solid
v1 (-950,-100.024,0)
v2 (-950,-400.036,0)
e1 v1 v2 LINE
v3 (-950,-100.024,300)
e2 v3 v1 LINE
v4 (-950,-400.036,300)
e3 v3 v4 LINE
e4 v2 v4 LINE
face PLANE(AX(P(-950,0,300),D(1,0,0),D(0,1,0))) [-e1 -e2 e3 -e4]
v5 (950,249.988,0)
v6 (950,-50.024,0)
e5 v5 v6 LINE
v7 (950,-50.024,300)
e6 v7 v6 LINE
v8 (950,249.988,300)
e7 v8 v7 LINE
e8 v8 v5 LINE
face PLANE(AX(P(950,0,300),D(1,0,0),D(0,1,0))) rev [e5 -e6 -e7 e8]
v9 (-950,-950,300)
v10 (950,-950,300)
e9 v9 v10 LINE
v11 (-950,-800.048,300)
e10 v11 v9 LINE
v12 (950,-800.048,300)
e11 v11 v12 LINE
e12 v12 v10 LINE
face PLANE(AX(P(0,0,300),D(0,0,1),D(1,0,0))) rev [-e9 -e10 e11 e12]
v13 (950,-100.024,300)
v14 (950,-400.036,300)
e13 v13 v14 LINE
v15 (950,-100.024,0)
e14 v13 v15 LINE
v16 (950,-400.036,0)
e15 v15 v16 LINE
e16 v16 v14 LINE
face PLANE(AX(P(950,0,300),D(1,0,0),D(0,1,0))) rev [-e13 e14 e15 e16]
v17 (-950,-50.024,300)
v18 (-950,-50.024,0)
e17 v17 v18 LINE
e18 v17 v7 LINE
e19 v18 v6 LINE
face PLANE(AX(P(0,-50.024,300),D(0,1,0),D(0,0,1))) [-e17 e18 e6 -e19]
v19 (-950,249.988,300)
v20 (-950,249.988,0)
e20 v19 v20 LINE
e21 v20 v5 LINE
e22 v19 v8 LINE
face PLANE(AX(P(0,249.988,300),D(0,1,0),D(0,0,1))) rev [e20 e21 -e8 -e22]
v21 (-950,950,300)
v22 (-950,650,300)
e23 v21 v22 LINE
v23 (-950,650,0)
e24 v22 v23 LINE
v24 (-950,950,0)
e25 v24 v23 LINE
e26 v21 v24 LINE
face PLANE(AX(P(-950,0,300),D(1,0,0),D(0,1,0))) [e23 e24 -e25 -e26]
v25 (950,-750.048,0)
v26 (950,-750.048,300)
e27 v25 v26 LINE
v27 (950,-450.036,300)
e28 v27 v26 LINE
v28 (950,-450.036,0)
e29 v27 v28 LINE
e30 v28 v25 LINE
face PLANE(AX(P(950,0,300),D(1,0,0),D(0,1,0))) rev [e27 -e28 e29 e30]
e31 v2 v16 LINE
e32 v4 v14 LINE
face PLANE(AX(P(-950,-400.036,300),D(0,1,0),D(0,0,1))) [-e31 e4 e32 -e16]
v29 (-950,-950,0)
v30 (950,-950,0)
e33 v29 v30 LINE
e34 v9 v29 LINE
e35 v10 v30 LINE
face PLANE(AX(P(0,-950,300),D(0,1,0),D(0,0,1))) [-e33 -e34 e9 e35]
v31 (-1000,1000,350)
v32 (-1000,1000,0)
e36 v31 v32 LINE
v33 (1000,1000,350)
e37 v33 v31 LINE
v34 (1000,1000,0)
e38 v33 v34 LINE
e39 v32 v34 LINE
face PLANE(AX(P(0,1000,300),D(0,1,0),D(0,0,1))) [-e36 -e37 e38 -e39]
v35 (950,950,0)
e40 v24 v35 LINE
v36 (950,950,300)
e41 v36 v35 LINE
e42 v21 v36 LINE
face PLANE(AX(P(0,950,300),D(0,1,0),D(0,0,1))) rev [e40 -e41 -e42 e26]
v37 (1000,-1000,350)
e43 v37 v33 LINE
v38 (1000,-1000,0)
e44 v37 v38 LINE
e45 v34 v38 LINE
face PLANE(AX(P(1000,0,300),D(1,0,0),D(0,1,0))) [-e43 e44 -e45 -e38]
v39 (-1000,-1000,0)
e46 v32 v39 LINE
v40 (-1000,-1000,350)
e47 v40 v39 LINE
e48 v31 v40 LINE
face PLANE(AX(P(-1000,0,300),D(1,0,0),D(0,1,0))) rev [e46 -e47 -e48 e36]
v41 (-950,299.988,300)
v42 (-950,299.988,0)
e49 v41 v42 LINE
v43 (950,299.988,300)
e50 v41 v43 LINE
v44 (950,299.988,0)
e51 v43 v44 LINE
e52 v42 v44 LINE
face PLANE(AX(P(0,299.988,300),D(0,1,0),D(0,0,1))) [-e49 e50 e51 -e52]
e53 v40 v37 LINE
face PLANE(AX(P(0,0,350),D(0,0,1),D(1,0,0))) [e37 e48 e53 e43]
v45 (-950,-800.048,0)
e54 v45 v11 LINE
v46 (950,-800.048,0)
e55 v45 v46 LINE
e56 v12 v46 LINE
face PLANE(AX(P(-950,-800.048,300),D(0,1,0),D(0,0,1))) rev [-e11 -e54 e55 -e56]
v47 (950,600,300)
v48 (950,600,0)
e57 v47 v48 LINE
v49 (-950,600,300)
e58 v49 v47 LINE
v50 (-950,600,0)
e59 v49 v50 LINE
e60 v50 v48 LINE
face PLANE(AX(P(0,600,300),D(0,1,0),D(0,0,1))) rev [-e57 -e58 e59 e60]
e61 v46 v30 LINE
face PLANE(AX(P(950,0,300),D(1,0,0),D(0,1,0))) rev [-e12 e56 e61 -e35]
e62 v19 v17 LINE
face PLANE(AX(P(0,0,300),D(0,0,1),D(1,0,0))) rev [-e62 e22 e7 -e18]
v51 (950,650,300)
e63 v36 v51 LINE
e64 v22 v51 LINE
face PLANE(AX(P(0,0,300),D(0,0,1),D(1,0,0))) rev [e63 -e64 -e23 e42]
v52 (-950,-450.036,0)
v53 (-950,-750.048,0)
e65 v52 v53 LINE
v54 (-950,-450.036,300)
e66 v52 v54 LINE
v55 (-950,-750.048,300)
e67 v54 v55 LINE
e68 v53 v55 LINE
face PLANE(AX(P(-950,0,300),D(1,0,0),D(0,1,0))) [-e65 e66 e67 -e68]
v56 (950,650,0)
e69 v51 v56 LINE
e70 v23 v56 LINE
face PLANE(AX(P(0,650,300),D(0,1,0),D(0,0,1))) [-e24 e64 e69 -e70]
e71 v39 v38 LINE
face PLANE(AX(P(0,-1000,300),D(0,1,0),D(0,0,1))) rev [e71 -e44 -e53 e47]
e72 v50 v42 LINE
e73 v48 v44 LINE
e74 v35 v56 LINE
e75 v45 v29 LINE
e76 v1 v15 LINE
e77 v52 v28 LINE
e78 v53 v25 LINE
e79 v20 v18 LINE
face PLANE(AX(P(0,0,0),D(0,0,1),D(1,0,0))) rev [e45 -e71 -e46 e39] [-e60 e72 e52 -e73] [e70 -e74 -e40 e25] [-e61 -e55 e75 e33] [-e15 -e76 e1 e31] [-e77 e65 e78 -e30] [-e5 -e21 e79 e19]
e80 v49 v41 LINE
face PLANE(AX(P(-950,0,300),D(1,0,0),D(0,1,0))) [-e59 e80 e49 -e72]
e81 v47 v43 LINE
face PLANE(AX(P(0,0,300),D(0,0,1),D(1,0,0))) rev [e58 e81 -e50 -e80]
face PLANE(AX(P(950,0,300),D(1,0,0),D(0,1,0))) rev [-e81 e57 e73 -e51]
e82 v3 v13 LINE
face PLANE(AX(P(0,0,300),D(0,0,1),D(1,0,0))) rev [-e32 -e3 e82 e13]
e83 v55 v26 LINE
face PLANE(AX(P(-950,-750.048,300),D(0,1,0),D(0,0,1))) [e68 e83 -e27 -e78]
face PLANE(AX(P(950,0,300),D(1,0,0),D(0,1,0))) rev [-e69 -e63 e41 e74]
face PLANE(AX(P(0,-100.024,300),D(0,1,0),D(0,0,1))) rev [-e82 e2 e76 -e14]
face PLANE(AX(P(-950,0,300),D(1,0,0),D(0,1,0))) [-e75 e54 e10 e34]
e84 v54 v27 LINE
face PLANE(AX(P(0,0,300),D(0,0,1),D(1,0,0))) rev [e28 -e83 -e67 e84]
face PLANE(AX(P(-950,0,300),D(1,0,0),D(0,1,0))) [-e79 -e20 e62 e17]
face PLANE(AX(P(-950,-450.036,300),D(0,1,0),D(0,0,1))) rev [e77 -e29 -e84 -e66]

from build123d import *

# Parameters (mm, degrees)
SKETCH1_W           = 2000
SKETCH1_H           = 2000
SKETCH1_W_2         = 1900
SKETCH1_H_2         = 1900
SKETCH1_H_3         = 50
BOSS_EXTRUDE1_DEPTH = 300
SKETCH2_W           = 2000
SKETCH2_H           = 2000
BOSS_EXTRUDE2_DEPTH = 50


with BuildPart() as part:
    # Sketch1 → Boss-Extrude1 (new body)
    with BuildSketch(Plane.XY):
        Rectangle(SKETCH1_W, SKETCH1_H)
        Rectangle(SKETCH1_W_2, SKETCH1_H_2, mode=Mode.SUBTRACT)
        with Locations((0, 625)):
            Rectangle(SKETCH1_W_2, SKETCH1_H_3)
        with Locations((0, 274.988)):
            Rectangle(SKETCH1_W_2, SKETCH1_H_3)
        with Locations((0, -75.024)):
            Rectangle(SKETCH1_W_2, SKETCH1_H_3)
        with Locations((0, -425.036)):
            Rectangle(SKETCH1_W_2, SKETCH1_H_3)
        with Locations((0, -775.048)):
            Rectangle(SKETCH1_W_2, SKETCH1_H_3)
    extrude(amount=BOSS_EXTRUDE1_DEPTH)

    # Sketch2 → Boss-Extrude2 (add)
    with BuildSketch(Plane.XY.offset(300)):
        Rectangle(SKETCH2_W, SKETCH2_H)
    extrude(amount=BOSS_EXTRUDE2_DEPTH)


solid = part.part
